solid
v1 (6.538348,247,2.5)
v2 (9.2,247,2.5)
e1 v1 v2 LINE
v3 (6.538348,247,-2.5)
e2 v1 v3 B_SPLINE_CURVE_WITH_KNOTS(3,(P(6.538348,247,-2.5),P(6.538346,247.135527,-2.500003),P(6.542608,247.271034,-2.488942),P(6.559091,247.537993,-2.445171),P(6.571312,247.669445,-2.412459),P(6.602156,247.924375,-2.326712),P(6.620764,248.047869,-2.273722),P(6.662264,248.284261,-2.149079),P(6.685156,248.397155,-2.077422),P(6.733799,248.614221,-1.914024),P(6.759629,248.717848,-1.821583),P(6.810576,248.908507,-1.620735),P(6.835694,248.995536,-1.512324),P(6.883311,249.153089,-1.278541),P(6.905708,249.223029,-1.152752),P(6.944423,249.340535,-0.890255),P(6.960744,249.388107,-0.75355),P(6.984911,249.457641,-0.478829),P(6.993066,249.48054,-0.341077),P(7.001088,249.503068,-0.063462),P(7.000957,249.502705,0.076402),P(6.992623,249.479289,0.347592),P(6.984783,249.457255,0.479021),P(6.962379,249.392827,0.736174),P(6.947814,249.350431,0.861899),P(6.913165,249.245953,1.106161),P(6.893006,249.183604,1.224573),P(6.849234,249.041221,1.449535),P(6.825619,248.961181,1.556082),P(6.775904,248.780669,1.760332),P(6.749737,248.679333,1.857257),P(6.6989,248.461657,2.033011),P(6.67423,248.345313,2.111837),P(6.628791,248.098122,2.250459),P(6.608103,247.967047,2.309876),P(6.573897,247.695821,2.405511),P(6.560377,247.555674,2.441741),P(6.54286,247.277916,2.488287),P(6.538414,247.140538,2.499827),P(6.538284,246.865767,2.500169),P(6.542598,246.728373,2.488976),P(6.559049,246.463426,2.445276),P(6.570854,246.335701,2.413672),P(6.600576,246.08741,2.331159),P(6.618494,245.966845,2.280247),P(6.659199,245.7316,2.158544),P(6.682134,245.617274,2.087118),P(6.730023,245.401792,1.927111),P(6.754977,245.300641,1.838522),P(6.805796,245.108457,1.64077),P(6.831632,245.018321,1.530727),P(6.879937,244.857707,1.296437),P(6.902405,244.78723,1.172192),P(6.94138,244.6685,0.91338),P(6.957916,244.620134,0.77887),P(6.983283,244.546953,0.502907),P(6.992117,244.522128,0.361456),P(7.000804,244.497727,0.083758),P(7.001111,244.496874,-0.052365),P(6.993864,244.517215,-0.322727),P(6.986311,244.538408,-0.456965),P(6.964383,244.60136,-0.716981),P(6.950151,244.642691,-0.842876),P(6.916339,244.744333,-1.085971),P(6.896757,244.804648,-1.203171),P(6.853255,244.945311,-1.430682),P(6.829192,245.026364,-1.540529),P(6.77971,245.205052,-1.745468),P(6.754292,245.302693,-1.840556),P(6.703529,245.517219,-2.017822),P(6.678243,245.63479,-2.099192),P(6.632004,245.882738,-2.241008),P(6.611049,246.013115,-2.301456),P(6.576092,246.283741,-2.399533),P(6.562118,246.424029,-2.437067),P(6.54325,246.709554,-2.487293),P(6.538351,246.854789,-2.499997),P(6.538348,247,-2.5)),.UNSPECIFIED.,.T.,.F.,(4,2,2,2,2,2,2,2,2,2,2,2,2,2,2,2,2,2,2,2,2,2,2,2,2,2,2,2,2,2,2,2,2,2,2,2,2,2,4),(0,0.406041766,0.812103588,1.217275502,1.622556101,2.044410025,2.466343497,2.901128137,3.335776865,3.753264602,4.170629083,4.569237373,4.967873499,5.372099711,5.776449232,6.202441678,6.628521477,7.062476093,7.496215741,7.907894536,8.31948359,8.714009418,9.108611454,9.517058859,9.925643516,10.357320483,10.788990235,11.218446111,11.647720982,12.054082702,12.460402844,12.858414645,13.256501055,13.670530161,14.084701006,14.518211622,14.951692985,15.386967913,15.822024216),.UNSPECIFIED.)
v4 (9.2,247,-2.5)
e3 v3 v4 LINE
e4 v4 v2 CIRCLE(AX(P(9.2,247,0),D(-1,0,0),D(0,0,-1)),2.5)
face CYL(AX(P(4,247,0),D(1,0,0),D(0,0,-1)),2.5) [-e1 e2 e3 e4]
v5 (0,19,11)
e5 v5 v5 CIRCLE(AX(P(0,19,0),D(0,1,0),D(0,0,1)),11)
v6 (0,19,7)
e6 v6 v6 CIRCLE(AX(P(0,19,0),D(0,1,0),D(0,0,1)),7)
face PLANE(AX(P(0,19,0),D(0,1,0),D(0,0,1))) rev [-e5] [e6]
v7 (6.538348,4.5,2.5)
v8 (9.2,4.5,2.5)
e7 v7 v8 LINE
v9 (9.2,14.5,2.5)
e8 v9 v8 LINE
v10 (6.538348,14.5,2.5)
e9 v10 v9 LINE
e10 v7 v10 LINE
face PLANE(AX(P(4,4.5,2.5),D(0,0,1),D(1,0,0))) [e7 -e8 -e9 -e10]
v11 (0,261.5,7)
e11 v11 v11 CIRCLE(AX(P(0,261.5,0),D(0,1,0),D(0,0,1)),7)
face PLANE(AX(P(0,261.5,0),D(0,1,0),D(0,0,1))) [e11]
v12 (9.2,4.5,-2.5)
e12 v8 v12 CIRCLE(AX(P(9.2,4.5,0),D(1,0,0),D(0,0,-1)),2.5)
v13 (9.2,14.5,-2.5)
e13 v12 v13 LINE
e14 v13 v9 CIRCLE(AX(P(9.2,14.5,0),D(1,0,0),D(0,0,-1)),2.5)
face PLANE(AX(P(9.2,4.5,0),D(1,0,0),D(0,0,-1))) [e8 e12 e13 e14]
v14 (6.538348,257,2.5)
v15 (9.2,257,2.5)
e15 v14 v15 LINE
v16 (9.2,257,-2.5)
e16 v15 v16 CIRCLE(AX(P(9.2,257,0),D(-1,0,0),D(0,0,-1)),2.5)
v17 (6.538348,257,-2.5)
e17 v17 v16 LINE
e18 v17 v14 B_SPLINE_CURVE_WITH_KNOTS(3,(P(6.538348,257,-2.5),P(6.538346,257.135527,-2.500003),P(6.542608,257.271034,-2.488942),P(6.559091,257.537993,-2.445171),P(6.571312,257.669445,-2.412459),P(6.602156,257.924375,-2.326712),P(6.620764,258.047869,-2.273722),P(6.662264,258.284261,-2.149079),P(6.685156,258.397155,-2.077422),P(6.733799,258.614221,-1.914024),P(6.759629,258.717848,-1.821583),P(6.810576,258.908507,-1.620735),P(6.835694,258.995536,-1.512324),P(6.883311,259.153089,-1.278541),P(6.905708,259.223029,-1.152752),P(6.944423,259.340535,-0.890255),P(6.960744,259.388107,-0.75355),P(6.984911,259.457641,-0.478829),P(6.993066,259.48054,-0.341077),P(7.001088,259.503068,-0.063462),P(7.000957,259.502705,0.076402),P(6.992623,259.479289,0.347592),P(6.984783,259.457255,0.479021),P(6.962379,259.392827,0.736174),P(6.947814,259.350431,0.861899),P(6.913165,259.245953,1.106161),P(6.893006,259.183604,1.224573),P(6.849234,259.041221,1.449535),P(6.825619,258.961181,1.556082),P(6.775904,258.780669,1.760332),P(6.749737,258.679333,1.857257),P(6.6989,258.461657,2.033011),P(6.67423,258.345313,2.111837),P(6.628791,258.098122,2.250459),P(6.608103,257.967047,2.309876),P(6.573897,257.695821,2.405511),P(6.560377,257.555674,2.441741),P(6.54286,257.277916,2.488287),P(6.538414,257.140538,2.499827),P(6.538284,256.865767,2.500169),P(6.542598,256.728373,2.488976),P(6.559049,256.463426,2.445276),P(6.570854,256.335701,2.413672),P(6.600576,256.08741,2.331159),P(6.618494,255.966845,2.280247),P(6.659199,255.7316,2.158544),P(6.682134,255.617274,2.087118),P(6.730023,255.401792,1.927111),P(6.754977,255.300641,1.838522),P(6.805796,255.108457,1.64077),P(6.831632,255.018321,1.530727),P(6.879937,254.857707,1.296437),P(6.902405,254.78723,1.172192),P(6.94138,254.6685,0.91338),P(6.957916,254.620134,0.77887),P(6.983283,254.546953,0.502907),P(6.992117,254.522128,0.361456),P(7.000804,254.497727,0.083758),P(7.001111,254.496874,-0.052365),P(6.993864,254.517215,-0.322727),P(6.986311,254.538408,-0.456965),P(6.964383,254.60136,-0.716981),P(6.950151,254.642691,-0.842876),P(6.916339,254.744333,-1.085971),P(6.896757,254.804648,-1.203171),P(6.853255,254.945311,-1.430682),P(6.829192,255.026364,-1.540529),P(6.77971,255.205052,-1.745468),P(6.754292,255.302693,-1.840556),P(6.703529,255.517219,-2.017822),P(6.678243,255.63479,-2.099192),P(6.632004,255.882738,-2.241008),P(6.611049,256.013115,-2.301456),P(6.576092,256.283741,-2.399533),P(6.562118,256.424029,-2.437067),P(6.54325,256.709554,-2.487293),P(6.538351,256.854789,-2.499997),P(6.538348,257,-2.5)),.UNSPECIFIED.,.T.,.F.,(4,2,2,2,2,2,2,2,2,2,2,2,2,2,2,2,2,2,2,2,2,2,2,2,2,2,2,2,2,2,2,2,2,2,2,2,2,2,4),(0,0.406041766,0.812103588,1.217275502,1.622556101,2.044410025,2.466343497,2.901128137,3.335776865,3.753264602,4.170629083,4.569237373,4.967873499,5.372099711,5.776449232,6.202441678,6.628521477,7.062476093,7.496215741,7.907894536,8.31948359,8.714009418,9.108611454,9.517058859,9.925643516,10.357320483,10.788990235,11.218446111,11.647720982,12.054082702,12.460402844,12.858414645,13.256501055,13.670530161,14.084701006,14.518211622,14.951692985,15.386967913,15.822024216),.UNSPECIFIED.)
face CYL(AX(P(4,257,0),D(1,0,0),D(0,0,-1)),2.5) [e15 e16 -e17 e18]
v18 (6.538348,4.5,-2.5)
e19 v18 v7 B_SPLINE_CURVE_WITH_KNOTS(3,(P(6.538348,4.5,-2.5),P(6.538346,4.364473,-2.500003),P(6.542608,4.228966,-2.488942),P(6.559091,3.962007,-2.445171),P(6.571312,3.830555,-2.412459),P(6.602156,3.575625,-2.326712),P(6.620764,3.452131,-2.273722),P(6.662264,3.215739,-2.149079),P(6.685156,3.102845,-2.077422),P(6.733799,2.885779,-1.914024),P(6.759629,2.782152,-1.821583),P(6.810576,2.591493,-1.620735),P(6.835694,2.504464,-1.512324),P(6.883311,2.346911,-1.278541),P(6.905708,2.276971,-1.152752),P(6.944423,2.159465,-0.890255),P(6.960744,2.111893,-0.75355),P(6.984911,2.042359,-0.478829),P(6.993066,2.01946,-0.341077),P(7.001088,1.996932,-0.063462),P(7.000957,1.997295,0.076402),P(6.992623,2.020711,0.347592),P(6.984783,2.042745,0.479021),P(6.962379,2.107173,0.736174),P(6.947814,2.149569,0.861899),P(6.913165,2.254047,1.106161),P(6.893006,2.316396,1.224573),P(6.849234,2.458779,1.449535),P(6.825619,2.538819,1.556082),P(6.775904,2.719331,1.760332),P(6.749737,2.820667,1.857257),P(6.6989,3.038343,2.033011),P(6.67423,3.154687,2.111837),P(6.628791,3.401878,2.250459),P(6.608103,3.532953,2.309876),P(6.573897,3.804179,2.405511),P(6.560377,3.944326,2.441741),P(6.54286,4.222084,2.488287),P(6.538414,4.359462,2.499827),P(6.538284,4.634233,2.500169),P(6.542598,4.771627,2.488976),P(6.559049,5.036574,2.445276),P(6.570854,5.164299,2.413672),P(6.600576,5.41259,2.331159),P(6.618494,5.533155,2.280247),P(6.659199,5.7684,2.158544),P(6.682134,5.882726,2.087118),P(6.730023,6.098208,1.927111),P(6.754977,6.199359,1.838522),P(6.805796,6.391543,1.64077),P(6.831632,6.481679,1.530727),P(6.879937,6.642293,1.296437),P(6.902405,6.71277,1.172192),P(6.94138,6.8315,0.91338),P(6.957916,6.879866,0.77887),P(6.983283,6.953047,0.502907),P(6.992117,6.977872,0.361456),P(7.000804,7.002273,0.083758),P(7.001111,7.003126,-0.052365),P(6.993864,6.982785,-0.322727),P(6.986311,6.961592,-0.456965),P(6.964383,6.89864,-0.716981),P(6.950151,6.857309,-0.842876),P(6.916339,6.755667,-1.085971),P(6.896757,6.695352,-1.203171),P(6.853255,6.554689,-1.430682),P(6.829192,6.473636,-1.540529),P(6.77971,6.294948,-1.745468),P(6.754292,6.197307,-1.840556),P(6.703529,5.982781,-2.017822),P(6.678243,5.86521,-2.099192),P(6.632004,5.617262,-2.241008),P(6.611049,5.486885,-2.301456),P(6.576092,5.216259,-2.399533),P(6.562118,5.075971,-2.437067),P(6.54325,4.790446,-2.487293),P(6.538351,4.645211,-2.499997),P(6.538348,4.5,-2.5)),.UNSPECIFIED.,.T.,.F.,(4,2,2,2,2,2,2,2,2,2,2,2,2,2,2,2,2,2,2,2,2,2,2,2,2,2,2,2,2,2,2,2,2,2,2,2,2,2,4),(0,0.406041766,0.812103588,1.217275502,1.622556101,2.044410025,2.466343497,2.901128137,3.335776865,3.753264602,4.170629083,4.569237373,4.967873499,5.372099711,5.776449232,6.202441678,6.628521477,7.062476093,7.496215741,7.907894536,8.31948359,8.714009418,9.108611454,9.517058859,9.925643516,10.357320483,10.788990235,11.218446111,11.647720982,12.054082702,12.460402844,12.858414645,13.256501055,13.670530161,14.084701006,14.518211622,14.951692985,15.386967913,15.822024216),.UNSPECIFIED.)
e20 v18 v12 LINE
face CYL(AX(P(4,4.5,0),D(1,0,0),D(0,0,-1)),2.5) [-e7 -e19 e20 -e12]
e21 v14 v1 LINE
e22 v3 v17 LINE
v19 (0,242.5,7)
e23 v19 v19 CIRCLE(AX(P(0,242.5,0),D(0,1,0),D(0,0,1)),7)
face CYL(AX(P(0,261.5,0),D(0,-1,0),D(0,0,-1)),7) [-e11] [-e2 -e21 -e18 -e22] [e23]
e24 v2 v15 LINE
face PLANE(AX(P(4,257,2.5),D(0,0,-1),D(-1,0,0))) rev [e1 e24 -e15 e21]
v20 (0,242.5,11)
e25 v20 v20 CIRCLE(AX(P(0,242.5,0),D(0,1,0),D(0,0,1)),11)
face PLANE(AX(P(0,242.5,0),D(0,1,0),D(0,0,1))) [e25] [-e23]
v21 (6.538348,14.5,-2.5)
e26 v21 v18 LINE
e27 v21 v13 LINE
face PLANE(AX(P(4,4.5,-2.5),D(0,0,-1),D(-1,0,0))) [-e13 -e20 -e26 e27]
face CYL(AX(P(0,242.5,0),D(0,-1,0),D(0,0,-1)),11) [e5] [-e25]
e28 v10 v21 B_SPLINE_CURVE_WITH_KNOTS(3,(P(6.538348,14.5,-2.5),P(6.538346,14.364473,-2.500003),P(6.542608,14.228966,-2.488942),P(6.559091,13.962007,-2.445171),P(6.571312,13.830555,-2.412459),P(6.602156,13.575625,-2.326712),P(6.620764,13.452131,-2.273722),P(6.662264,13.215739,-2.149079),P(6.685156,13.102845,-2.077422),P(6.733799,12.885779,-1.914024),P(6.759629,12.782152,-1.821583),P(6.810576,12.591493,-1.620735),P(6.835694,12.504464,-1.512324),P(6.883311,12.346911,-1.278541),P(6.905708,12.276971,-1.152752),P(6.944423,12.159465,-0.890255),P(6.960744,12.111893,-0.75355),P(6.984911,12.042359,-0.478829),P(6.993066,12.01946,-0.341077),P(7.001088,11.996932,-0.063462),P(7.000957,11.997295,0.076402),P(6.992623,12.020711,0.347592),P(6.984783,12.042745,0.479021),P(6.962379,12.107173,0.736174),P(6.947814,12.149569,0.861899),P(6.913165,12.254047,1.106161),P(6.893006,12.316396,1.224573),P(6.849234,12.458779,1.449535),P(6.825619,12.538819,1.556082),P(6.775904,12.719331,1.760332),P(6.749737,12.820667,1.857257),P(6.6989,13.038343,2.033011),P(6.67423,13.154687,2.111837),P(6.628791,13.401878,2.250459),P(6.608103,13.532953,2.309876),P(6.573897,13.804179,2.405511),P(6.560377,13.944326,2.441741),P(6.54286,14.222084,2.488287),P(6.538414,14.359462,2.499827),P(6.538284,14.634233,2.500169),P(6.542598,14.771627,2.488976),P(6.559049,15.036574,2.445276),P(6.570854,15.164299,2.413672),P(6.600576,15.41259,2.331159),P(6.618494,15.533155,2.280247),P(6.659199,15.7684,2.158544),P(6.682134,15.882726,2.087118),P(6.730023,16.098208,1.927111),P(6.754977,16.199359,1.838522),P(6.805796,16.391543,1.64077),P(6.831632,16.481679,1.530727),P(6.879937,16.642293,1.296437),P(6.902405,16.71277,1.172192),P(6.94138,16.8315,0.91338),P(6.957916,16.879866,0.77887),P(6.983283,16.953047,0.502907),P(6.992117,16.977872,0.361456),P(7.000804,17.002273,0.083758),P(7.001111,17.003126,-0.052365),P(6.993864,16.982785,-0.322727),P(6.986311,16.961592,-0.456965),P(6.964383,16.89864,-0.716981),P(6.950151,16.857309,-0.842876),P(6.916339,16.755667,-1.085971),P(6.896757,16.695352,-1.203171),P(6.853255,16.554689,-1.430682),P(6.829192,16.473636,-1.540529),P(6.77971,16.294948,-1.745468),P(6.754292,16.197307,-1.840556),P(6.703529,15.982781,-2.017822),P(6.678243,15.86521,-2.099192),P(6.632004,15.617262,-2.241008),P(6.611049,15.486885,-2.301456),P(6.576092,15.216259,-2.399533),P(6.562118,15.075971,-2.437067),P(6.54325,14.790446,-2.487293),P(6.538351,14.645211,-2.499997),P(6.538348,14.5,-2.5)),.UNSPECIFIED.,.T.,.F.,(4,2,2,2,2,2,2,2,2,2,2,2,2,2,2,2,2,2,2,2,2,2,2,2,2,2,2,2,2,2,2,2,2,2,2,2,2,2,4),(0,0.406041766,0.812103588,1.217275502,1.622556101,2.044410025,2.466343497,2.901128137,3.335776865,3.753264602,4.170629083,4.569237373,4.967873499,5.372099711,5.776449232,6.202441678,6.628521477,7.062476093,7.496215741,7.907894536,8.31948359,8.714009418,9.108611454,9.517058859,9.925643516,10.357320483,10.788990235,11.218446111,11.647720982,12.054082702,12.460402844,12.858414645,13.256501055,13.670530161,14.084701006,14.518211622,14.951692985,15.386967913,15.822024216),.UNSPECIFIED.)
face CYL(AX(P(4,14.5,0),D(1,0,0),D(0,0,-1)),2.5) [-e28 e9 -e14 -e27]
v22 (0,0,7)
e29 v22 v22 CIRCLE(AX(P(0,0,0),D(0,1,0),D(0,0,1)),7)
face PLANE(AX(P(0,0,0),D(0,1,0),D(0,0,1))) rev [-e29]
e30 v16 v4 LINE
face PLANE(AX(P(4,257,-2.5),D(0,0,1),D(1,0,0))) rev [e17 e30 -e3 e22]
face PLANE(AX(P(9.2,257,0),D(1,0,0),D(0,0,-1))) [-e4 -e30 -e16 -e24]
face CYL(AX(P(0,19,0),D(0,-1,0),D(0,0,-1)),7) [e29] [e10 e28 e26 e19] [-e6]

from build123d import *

# Parameters (mm, degrees)
SKETCH1_R           = 7
BOSS_EXTRUDE1_DEPTH = 19
SKETCH2_R           = 11
BOSS_EXTRUDE2_DEPTH = 223.5
SKETCH3_R           = 7
BOSS_EXTRUDE3_DEPTH = 19
BOSS_EXTRUDE4_START = -3
BOSS_EXTRUDE4_DEPTH = 5.2


with BuildPart() as part:
    # Sketch1 → Boss-Extrude1 (new body)
    with BuildSketch(Plane(origin=(0, 0, 0), x_dir=(1, 0, 0), z_dir=(0, 1, 0))):
        Circle(SKETCH1_R)
    extrude(amount=BOSS_EXTRUDE1_DEPTH)

    # Sketch2 → Boss-Extrude2 (add)
    with BuildSketch(Plane(origin=(0, 19, 0), x_dir=(1, 0, 0), z_dir=(0, 1, 0))):
        Circle(SKETCH2_R)
    extrude(amount=BOSS_EXTRUDE2_DEPTH)

    # Sketch3 → Boss-Extrude3 (add)
    with BuildSketch(Plane(origin=(0, 242.5, 0), x_dir=(1, 0, 0), z_dir=(0, 1, 0))):
        Circle(SKETCH3_R)
    extrude(amount=BOSS_EXTRUDE3_DEPTH)

    # Sketch4 → Boss-Extrude4 (add)
    with BuildSketch(Plane(origin=(7, 0, 0), x_dir=(0, 0, -1), z_dir=(1, 0, 0)).offset(BOSS_EXTRUDE4_START)):
        with BuildLine():
            Line((-2.5, 4.5), (-2.5, 14.5))
            ThreePointArc((-2.5, 14.5), (0, 17), (2.5, 14.5))
            Line((2.5, 14.5), (2.5, 4.5))
            ThreePointArc((2.5, 4.5), (0, 2), (-2.5, 4.5))
        make_face()
    boss_extrude4 = extrude(amount=BOSS_EXTRUDE4_DEPTH)

    # Mirror1: Boss-Extrude4 across plane
    add(boss_extrude4.mirror(Plane.ZX.offset(130.75)))


solid = part.part
